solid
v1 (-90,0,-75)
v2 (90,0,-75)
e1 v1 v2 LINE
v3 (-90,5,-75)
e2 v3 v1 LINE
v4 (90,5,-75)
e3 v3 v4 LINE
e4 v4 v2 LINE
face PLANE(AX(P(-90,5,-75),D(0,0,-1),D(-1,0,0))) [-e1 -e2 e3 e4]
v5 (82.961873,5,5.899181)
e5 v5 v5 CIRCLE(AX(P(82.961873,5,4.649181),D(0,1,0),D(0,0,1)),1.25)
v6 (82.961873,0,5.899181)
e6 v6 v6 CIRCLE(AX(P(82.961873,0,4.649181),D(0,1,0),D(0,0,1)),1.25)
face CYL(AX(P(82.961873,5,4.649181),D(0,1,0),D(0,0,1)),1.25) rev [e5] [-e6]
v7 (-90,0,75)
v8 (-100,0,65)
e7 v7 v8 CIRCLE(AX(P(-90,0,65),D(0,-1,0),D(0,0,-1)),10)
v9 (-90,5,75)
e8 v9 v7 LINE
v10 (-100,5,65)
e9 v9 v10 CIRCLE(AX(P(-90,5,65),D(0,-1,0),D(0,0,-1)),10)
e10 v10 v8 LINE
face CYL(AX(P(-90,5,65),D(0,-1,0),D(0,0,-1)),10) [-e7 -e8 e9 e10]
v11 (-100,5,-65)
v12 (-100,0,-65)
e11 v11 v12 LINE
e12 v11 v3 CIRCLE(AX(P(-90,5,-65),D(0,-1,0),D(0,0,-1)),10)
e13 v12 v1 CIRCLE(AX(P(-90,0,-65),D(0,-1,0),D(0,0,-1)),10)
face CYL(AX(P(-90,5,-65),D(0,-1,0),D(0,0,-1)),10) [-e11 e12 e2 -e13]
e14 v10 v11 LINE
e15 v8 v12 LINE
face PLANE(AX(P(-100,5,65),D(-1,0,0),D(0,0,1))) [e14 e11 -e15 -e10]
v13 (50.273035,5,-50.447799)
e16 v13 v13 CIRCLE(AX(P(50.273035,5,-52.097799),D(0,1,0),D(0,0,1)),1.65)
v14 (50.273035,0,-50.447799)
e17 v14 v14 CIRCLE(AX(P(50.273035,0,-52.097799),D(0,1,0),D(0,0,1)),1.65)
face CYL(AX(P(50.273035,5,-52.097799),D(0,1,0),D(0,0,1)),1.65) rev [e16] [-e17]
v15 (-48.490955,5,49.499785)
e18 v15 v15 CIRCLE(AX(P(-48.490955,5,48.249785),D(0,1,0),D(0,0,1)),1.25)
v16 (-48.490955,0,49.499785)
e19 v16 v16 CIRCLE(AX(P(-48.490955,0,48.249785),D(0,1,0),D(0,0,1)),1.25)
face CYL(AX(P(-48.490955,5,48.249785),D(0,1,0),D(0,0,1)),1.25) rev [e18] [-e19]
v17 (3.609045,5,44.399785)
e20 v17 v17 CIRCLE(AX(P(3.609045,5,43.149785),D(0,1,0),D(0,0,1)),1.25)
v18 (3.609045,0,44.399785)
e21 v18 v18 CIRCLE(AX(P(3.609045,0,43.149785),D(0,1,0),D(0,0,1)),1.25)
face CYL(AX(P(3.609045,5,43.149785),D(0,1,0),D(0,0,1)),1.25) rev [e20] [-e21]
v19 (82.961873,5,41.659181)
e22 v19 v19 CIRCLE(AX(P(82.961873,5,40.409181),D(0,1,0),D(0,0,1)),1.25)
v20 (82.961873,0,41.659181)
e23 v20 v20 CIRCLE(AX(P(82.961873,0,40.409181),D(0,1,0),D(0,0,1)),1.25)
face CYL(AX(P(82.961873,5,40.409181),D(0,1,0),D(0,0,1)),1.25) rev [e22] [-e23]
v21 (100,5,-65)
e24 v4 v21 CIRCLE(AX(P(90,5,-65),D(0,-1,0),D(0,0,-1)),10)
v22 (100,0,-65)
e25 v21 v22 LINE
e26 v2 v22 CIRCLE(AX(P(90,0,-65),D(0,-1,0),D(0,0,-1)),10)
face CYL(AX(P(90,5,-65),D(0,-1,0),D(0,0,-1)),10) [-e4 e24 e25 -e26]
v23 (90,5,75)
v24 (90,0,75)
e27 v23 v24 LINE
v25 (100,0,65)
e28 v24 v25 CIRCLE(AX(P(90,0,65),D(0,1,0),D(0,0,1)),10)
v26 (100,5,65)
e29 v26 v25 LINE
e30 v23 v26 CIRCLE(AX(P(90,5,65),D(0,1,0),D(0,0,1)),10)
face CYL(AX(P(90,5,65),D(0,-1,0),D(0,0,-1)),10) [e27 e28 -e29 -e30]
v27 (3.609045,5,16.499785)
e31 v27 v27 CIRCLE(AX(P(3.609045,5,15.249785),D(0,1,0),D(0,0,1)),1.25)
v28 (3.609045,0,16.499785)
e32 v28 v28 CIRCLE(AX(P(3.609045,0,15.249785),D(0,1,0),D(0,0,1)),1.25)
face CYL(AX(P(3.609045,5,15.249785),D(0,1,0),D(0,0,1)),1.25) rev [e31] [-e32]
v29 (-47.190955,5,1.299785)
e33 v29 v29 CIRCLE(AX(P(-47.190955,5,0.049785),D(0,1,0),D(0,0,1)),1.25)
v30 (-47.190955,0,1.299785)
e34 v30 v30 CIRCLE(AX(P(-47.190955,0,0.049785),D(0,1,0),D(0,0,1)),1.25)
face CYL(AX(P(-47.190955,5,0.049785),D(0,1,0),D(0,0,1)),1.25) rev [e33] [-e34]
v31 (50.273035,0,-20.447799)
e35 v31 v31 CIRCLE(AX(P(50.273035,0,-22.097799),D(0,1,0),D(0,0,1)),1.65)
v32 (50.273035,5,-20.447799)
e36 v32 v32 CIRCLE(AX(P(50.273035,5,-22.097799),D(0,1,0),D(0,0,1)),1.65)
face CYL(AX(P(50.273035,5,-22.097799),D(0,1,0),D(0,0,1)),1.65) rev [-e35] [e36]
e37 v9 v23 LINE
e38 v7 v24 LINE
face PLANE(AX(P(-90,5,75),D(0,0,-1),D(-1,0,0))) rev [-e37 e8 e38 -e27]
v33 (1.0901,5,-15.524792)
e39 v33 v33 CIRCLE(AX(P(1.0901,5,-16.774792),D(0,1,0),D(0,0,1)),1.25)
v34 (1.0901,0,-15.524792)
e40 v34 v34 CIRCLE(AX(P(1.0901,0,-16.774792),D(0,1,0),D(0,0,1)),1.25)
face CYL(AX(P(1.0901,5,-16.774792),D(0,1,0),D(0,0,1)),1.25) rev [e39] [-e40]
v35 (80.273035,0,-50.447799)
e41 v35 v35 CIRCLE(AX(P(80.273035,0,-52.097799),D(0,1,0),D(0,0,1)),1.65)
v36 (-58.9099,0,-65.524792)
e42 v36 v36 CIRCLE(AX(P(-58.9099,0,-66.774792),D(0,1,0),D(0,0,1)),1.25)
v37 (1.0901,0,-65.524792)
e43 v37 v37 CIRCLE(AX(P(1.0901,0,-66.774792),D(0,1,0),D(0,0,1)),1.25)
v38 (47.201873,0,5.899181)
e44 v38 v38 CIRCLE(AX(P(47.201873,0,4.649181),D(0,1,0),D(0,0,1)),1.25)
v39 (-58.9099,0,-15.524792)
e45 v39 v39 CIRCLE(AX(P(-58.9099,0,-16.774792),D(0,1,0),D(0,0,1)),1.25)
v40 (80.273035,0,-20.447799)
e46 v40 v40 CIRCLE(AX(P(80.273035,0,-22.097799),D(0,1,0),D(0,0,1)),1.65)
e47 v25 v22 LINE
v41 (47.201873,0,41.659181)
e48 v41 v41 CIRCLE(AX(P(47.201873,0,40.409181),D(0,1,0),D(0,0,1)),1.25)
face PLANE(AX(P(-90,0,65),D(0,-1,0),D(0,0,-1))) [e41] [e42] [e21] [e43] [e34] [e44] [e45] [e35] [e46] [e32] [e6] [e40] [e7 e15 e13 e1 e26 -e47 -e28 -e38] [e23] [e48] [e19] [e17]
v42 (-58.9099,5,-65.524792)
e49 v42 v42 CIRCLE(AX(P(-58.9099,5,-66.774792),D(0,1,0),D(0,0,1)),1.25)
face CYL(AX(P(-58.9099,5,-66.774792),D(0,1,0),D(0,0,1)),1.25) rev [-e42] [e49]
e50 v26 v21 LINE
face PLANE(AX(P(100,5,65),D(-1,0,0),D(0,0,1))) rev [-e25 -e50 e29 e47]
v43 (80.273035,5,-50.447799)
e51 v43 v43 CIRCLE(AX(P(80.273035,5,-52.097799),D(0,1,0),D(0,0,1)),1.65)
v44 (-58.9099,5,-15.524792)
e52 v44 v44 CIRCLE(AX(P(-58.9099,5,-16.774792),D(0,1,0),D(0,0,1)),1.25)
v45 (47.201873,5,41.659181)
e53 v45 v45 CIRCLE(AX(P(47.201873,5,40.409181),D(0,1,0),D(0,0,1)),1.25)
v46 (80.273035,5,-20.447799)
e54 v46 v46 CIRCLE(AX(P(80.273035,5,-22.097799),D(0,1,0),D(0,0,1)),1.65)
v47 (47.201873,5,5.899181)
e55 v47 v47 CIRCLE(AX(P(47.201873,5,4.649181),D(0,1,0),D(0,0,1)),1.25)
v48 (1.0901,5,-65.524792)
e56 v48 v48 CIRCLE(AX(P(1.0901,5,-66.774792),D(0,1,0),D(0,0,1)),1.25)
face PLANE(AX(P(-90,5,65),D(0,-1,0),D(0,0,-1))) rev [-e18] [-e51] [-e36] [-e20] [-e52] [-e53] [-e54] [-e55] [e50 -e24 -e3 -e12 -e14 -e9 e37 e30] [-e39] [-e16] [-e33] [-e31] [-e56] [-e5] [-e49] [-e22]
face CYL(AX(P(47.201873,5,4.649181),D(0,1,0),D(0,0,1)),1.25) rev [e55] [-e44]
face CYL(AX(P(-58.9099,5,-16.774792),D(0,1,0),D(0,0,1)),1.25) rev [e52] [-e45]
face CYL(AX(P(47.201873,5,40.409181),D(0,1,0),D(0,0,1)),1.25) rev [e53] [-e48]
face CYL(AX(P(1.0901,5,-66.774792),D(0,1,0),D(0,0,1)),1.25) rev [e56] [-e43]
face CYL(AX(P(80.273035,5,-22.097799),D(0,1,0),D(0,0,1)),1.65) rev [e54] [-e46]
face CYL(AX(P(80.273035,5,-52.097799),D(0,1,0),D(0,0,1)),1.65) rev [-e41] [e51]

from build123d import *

# Parameters (mm, degrees)
BOSS_EXTRUDE1_DEPTH            = 5
ARDUINO_UNO_HOLES_D            = 2.5
L298N_HOLES_D                  = 2.5
MOTOR_MOUNTING_BRACKET_HOLES_D = 3.3
PROTOBOARD_HOLES_D             = 2.5


with BuildPart() as part:
    # Sketch1 → Boss-Extrude1 (new body)
    with BuildSketch(Plane(origin=(0, 0, 0), x_dir=(1, 0, 0), z_dir=(0, 1, 0))):
        with BuildLine():
            Line((-90, -75), (90, -75))
            ThreePointArc((90, -75), (97.071067812, -72.071067812), (100, -65))
            Line((100, -65), (100, 65))
            ThreePointArc((100, 65), (97.071067812, 72.071067812), (90, 75))
            Line((90, 75), (-90, 75))
            ThreePointArc((-90, 75), (-97.071067812, 72.071067812), (-100, 65))
            Line((-100, 65), (-100, -65))
            ThreePointArc((-100, -65), (-97.071067812, -72.071067812), (-90, -75))
        make_face()
    extrude(amount=BOSS_EXTRUDE1_DEPTH)

    # arduino uno holes (through all)
    with Locations(Plane(origin=(0, 5, 0), x_dir=(1, 0, 0), z_dir=(0, 1, 0))):
        with Locations((3.609044644, -15.249784892), (3.609044644, -43.149784892), (-47.190955356, -0.049784892), (-48.490955356, -48.249784892)):
            Hole(ARDUINO_UNO_HOLES_D / 2)

    # l298n holes (through all)
    with Locations(Plane(origin=(0, 5, 0), x_dir=(1, 0, 0), z_dir=(0, 1, 0))):
        with Locations((47.201873377, -40.409180512), (82.961873377, -40.409180512), (82.961873377, -4.649180512), (47.201873377, -4.649180512)):
            Hole(L298N_HOLES_D / 2)

    # motor mounting bracket holes (through all)
    with Locations(Plane(origin=(0, 5, 0), x_dir=(1, 0, 0), z_dir=(0, 1, 0))):
        with Locations((50.273035044, 22.097798604), (80.273035044, 22.097798604), (80.273035044, 52.097798604), (50.273035044, 52.097798604)):
            Hole(MOTOR_MOUNTING_BRACKET_HOLES_D / 2)

    # protoboard holes (through all)
    with Locations(Plane(origin=(0, 5, 0), x_dir=(1, 0, 0), z_dir=(0, 1, 0))):
        with Locations((-58.909900465, 16.774792285), (1.090099535, 16.774792285), (1.090099535, 66.774792285), (-58.909900465, 66.774792285)):
            Hole(PROTOBOARD_HOLES_D / 2)


solid = part.part
